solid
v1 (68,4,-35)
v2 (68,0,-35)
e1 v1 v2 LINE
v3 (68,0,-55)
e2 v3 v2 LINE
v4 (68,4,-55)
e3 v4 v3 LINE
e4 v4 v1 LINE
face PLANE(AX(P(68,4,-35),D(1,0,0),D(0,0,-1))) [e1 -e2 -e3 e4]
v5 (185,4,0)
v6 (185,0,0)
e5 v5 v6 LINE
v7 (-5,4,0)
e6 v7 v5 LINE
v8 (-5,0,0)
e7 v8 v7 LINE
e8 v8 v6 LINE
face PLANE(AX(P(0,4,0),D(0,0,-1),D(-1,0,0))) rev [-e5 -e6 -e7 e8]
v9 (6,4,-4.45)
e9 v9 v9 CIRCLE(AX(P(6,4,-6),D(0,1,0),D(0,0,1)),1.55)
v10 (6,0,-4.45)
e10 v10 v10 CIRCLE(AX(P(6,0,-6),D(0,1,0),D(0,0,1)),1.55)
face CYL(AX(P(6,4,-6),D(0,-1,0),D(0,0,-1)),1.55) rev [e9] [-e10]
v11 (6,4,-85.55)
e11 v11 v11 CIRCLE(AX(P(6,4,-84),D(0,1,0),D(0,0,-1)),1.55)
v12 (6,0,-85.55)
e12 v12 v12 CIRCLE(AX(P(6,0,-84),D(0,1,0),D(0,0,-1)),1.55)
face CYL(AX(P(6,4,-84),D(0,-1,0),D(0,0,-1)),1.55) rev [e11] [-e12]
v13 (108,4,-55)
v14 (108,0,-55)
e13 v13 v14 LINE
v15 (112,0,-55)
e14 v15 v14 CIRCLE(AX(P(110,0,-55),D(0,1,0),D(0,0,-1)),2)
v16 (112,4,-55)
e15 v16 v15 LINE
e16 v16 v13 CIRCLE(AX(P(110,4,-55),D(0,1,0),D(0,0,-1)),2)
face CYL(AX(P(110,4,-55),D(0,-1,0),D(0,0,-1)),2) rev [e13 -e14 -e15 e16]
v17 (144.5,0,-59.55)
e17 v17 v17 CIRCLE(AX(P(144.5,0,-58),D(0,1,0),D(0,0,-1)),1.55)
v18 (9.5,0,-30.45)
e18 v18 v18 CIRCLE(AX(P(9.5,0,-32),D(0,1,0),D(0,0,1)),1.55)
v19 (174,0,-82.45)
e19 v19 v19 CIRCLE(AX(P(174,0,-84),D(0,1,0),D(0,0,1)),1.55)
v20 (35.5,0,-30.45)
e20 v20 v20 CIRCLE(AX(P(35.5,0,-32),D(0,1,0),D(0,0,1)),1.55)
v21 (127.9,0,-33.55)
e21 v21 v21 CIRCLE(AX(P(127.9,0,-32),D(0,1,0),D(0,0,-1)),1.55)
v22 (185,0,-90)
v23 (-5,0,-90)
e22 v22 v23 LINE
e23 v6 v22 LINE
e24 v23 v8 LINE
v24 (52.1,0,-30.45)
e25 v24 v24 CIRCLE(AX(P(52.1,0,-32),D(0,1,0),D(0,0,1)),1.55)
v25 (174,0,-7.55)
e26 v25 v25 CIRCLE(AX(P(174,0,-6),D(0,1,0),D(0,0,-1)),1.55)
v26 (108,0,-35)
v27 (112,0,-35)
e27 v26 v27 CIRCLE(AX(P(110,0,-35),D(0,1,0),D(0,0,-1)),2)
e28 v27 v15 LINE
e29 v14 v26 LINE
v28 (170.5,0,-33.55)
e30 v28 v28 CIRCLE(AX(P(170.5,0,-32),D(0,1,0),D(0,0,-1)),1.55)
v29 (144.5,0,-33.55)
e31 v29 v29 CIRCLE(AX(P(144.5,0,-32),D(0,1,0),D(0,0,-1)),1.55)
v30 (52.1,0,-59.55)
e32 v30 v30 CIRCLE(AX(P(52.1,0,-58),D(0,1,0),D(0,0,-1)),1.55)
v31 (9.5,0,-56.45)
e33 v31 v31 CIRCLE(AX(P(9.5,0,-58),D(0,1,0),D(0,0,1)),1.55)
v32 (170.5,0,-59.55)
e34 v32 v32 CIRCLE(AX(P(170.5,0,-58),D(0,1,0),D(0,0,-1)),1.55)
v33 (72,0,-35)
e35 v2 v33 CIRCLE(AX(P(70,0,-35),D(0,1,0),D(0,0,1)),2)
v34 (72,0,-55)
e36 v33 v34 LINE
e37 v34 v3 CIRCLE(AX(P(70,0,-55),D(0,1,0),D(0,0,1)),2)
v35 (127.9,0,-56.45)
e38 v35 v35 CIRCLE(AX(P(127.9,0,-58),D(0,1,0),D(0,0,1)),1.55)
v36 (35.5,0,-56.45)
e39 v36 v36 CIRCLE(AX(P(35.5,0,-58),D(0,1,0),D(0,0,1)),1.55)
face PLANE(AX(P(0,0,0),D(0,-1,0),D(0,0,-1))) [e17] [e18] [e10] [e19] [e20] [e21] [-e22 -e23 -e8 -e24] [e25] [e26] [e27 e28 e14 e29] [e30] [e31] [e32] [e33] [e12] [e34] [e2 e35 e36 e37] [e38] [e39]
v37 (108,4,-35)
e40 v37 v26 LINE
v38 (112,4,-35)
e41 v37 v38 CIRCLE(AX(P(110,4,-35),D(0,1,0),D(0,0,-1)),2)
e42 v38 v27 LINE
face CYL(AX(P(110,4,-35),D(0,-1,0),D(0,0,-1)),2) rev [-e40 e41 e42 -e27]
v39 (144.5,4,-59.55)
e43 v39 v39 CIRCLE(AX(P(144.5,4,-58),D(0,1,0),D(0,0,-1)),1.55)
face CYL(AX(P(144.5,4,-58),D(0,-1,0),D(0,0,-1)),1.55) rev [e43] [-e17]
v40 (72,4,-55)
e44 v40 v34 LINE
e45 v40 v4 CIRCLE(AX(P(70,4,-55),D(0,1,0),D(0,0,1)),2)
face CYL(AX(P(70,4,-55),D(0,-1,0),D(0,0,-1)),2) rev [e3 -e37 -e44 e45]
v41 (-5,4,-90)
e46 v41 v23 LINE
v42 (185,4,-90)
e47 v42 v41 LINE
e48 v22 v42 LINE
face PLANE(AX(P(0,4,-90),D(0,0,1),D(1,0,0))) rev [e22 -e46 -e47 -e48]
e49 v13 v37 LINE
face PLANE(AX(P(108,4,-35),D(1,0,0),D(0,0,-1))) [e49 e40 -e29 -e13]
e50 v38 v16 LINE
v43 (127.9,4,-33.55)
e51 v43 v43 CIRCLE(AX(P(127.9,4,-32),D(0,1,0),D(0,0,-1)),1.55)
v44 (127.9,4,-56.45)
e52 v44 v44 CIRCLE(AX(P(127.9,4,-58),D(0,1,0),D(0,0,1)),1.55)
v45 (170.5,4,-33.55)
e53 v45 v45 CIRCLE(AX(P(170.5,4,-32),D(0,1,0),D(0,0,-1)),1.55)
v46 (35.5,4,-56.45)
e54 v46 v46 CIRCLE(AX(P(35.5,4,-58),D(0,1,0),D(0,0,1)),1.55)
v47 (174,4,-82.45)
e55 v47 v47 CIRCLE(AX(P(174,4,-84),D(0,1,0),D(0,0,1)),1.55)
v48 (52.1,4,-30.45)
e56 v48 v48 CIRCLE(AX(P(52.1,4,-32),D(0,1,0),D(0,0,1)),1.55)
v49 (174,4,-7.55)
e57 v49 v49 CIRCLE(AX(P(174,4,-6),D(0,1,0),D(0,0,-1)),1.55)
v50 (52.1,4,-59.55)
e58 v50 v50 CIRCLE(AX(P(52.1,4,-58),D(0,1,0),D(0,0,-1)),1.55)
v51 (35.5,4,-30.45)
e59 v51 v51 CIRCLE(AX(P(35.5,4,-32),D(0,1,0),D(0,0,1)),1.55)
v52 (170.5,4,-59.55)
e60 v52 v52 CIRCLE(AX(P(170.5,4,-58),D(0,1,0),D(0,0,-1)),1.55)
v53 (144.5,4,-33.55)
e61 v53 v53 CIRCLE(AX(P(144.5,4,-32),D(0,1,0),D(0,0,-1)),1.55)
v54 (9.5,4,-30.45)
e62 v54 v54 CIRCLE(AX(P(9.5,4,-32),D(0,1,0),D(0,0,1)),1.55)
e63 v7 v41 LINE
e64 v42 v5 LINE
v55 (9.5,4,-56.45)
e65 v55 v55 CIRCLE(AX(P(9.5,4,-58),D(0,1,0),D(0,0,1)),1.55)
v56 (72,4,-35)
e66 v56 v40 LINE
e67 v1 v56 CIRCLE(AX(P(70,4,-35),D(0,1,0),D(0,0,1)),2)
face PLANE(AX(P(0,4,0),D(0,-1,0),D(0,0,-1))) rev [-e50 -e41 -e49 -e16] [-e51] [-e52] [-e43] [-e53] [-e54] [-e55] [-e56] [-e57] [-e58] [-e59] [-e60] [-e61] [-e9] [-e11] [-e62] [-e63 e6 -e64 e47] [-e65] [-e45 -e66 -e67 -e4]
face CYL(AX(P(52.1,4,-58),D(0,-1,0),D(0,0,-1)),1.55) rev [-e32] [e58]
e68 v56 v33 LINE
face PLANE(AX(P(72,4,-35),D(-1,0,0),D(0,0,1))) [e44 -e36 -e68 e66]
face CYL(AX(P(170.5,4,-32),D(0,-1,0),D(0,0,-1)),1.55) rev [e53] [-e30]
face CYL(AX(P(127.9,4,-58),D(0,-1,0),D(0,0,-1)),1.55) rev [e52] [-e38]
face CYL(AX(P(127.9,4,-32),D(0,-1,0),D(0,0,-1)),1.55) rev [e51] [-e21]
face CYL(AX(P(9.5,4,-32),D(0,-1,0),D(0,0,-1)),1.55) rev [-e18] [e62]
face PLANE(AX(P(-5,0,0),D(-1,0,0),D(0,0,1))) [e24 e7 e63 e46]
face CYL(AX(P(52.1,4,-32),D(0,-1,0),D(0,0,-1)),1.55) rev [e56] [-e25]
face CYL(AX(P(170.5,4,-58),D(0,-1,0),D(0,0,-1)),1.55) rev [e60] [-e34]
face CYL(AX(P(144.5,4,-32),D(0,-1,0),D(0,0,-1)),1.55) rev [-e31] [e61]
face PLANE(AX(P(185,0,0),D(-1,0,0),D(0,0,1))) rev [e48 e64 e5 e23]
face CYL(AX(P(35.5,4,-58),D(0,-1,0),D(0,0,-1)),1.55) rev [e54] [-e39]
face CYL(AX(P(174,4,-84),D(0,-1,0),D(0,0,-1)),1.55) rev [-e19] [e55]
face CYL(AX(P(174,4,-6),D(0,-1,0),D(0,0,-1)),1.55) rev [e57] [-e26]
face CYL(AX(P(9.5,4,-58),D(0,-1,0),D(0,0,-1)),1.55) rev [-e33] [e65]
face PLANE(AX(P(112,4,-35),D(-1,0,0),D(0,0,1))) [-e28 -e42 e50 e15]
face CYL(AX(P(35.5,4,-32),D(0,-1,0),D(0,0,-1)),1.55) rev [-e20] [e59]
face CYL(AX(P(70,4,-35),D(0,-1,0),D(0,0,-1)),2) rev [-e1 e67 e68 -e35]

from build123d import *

# Parameters (mm, degrees)
SKETCH_1_W      = 180
SKETCH_1_H      = 90
SKETCH_1_R      = 1.55
EXTRUDE_1_DEPTH = 4
SKETCH_3_W      = 90
SKETCH_3_H      = 4
EXTRUDE_2_DEPTH = 5
SKETCH_4_W      = 90
SKETCH_4_H      = 4
EXTRUDE_3_DEPTH = 5


with BuildPart() as part:
    # 草图1 → 凸台-拉伸1 (new body)
    with BuildSketch(Plane(origin=(0, 0, 0), x_dir=(1, 0, 0), z_dir=(0, 1, 0))):
        with Locations((90, 45)):
            Rectangle(SKETCH_1_W, SKETCH_1_H)
        with Locations(Location((9.5, 58, 0), (0, 0, 270))):
            Circle(SKETCH_1_R, mode=Mode.SUBTRACT)
        with Locations(Location((35.5, 58, 0), (0, 0, 270))):
            Circle(SKETCH_1_R, mode=Mode.SUBTRACT)
        with Locations(Location((35.5, 32, 0), (0, 0, 270))):
            Circle(SKETCH_1_R, mode=Mode.SUBTRACT)
        with Locations(Location((9.5, 32, 0), (0, 0, 270))):
            Circle(SKETCH_1_R, mode=Mode.SUBTRACT)
        with Locations(Location((144.5, 58, 0), (0, 0, 90))):
            Circle(SKETCH_1_R, mode=Mode.SUBTRACT)
        with Locations(Location((170.5, 58, 0), (0, 0, 90))):
            Circle(SKETCH_1_R, mode=Mode.SUBTRACT)
        with Locations(Location((170.5, 32, 0), (0, 0, 90))):
            Circle(SKETCH_1_R, mode=Mode.SUBTRACT)
        with Locations(Location((144.5, 32, 0), (0, 0, 90))):
            Circle(SKETCH_1_R, mode=Mode.SUBTRACT)
        with Locations(Location((127.9, 58, 0), (0, 0, 270))):
            Circle(SKETCH_1_R, mode=Mode.SUBTRACT)
        with Locations(Location((174, 84, 0), (0, 0, 270))):
            Circle(SKETCH_1_R, mode=Mode.SUBTRACT)
        with Locations(Location((174, 6, 0), (0, 0, 90))):
            Circle(SKETCH_1_R, mode=Mode.SUBTRACT)
        with Locations(Location((6, 6, 0), (0, 0, 270))):
            Circle(SKETCH_1_R, mode=Mode.SUBTRACT)
        with Locations(Location((6, 84, 0), (0, 0, 90))):
            Circle(SKETCH_1_R, mode=Mode.SUBTRACT)
        with Locations(Location((52.1, 58, 0), (0, 0, 90))):
            Circle(SKETCH_1_R, mode=Mode.SUBTRACT)
        with Locations(Location((127.9, 32, 0), (0, 0, 90))):
            Circle(SKETCH_1_R, mode=Mode.SUBTRACT)
        with Locations(Location((52.1, 32, 0), (0, 0, 270))):
            Circle(SKETCH_1_R, mode=Mode.SUBTRACT)
        with BuildLine():
            Line((68, 35), (68, 55))
            ThreePointArc((68, 55), (70, 57), (72, 55))
            Line((72, 55), (72, 35))
            ThreePointArc((72, 35), (70, 33), (68, 35))
        make_face(mode=Mode.SUBTRACT)
        with BuildLine():
            Line((112, 35), (112, 55))
            ThreePointArc((112, 55), (110, 57), (108, 55))
            Line((108, 55), (108, 35))
            ThreePointArc((108, 35), (110, 33), (112, 35))
        make_face(mode=Mode.SUBTRACT)
    extrude(amount=EXTRUDE_1_DEPTH)

    # 草图3 → 凸台-拉伸2 (add)
    with BuildSketch(Plane.ZY):
        with Locations((-45, 2)):
            Rectangle(SKETCH_3_W, SKETCH_3_H)
    extrude(amount=EXTRUDE_2_DEPTH)

    # 草图4 → 凸台-拉伸3 (add)
    with BuildSketch(Plane(origin=(180, 0, 0), x_dir=(0, 0, -1), z_dir=(1, 0, 0))):
        with Locations((45, 2)):
            Rectangle(SKETCH_4_W, SKETCH_4_H)
    extrude(amount=EXTRUDE_3_DEPTH)


solid = part.part
